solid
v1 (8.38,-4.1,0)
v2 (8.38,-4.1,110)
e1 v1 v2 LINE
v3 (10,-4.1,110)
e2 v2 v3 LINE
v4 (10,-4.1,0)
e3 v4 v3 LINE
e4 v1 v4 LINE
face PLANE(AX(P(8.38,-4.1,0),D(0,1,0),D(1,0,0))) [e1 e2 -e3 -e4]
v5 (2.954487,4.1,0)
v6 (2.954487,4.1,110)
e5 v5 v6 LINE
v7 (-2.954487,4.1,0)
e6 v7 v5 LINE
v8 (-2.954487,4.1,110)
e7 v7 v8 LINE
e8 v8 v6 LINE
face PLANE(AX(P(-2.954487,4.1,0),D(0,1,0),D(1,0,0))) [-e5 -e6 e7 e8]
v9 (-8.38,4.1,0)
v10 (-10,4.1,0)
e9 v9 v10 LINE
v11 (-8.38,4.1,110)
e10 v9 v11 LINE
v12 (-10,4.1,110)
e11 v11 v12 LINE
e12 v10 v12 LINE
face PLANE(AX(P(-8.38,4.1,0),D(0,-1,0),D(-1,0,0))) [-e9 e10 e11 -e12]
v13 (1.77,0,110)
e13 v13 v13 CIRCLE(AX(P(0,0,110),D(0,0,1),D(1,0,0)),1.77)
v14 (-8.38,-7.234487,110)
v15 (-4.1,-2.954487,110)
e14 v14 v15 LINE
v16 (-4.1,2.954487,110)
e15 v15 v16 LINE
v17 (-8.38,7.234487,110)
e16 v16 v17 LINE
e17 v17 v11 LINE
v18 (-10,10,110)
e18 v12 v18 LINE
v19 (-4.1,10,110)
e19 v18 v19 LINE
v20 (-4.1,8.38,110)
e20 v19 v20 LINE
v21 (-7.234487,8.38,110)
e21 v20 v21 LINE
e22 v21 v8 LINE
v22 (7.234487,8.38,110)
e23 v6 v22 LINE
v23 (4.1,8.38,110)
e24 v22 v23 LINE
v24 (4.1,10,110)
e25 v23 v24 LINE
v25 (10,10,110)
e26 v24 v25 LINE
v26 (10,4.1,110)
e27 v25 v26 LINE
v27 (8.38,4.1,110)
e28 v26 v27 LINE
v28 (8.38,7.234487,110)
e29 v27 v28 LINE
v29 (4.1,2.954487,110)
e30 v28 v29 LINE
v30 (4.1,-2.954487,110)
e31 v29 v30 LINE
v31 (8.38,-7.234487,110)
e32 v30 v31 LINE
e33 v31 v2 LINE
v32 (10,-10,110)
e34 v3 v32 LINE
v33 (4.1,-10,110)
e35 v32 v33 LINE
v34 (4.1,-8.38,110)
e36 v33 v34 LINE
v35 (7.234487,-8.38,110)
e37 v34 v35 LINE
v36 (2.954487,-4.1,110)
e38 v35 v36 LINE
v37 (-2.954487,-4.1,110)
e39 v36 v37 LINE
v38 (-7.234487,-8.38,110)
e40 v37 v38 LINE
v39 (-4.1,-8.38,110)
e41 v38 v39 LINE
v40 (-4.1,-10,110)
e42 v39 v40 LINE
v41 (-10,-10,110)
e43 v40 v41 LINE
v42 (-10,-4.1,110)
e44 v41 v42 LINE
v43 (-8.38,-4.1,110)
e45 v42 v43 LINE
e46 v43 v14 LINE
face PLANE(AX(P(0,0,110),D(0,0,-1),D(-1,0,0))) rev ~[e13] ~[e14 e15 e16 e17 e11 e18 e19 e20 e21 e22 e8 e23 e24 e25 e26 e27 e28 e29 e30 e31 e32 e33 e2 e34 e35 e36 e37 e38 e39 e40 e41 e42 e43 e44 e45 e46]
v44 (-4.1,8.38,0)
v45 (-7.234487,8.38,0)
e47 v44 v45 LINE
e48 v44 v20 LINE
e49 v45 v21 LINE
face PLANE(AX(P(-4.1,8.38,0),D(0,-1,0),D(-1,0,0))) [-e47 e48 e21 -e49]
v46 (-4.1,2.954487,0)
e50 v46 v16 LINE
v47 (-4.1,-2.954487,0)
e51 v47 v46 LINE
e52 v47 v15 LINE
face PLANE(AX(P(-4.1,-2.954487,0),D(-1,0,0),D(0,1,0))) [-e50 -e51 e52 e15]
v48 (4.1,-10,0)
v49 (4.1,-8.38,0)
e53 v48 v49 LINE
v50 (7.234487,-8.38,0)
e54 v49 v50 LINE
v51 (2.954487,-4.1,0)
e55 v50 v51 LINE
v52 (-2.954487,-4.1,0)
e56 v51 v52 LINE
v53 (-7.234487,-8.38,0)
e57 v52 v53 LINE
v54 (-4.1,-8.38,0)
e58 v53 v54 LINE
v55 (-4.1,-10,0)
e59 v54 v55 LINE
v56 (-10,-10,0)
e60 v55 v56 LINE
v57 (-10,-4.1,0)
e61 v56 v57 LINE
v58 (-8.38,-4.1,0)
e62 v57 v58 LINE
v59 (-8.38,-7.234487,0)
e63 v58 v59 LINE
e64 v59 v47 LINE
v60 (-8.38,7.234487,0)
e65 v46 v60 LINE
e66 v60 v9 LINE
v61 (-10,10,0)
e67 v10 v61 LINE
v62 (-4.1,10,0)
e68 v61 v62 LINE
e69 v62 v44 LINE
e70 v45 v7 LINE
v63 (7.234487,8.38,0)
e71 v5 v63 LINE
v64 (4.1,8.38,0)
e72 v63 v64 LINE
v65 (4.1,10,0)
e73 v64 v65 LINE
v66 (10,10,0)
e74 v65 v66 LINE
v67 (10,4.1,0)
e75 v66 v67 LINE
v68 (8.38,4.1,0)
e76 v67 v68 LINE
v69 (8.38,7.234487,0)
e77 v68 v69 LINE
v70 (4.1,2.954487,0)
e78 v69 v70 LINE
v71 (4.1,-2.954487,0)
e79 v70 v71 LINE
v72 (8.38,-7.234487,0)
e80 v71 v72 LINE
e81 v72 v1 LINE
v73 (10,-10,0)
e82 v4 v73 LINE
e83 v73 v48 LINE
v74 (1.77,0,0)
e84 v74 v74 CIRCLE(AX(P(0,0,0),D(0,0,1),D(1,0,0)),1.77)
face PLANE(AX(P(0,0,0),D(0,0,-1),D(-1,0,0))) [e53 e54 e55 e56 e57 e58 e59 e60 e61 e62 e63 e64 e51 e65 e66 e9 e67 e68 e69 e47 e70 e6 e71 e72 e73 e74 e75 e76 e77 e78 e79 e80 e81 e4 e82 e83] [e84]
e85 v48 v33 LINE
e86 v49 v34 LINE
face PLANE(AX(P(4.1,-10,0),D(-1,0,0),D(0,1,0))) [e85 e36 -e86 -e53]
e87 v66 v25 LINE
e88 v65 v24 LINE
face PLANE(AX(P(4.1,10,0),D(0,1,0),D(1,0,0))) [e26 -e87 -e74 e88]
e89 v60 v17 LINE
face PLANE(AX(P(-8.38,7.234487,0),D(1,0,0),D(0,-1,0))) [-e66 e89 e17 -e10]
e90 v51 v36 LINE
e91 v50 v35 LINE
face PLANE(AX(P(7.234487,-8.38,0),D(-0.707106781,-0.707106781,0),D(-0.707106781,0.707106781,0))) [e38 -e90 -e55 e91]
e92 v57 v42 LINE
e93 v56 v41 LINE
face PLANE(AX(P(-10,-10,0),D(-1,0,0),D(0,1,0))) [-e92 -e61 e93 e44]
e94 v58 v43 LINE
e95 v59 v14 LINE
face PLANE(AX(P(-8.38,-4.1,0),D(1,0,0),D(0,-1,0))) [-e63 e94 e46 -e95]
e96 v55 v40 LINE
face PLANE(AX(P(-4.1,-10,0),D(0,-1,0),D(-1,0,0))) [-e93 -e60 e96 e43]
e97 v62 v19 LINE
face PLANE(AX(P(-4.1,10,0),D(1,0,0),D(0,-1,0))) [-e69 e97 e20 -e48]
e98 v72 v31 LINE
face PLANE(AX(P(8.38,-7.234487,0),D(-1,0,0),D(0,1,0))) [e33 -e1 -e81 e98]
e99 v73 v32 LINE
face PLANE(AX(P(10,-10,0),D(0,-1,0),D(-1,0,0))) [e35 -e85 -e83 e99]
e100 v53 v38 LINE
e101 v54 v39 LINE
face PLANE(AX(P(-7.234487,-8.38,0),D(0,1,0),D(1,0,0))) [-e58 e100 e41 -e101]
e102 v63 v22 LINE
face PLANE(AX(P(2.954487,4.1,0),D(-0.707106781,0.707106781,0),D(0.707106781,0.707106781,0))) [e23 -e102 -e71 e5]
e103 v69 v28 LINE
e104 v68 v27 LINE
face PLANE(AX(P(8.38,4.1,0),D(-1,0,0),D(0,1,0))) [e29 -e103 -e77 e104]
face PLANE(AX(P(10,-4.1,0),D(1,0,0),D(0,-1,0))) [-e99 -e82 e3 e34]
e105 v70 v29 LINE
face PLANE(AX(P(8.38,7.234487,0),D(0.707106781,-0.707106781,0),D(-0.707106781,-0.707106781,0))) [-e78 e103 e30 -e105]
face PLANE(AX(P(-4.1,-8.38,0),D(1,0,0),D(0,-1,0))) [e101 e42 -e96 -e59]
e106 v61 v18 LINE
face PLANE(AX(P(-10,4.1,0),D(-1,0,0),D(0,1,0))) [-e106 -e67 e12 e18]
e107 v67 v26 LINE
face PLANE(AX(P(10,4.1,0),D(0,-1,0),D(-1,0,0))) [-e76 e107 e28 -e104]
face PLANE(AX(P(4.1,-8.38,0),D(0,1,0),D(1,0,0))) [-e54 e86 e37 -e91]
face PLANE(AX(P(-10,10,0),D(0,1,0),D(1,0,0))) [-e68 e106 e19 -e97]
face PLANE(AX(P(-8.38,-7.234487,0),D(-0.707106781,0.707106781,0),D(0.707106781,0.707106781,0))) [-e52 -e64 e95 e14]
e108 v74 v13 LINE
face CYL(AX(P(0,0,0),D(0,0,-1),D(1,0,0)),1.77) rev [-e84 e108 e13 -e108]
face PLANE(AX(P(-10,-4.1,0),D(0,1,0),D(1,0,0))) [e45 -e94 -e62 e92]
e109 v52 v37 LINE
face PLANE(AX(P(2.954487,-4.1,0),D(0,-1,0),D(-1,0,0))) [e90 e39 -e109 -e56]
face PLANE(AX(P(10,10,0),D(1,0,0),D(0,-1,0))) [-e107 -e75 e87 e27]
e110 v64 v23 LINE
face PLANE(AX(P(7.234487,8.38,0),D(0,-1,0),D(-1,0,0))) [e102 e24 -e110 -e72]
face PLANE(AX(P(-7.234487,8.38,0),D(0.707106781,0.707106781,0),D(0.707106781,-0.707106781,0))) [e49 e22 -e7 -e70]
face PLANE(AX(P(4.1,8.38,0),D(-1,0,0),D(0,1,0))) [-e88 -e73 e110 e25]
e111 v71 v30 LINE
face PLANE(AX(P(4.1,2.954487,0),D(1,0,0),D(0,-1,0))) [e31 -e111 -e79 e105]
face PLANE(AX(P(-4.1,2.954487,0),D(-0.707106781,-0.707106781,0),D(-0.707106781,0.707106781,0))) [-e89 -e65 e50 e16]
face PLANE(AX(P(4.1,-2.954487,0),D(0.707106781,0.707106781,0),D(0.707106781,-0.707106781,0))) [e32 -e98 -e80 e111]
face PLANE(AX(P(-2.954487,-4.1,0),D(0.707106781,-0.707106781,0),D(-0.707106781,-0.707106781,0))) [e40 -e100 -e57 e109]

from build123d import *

# Parameters (mm, degrees)
SKETCH1_R           = 1.77
BOSS_EXTRUDE1_DEPTH = 110


with BuildPart() as part:
    # Sketch1 → Boss-Extrude1 (new body)
    with BuildSketch(Plane.XY):
        Polygon((-8.38, 4.1), (-10, 4.1), (-10, 10), (-4.1, 10), (-4.1, 8.38), (-7.234487014, 8.38), (-2.954487014, 4.1), (2.954487014, 4.1), (7.234487014, 8.38), (4.1, 8.38), (4.1, 10), (10, 10), (10, 4.1), (8.38, 4.1), (8.38, 7.234487014), (4.1, 2.954487014), (4.1, -2.954487014), (8.38, -7.234487014), (8.38, -4.1), (10, -4.1), (10, -10), (4.1, -10), (4.1, -8.38), (7.234487014, -8.38), (2.954487014, -4.1), (-2.954487014, -4.1), (-7.234487014, -8.38), (-4.1, -8.38), (-4.1, -10), (-10, -10), (-10, -4.1), (-8.38, -4.1), (-8.38, -7.234487014), (-4.1, -2.954487014), (-4.1, 2.954487014), (-8.38, 7.234487014), align=None)
        Circle(SKETCH1_R, mode=Mode.SUBTRACT)
    extrude(amount=BOSS_EXTRUDE1_DEPTH)


solid = part.part
